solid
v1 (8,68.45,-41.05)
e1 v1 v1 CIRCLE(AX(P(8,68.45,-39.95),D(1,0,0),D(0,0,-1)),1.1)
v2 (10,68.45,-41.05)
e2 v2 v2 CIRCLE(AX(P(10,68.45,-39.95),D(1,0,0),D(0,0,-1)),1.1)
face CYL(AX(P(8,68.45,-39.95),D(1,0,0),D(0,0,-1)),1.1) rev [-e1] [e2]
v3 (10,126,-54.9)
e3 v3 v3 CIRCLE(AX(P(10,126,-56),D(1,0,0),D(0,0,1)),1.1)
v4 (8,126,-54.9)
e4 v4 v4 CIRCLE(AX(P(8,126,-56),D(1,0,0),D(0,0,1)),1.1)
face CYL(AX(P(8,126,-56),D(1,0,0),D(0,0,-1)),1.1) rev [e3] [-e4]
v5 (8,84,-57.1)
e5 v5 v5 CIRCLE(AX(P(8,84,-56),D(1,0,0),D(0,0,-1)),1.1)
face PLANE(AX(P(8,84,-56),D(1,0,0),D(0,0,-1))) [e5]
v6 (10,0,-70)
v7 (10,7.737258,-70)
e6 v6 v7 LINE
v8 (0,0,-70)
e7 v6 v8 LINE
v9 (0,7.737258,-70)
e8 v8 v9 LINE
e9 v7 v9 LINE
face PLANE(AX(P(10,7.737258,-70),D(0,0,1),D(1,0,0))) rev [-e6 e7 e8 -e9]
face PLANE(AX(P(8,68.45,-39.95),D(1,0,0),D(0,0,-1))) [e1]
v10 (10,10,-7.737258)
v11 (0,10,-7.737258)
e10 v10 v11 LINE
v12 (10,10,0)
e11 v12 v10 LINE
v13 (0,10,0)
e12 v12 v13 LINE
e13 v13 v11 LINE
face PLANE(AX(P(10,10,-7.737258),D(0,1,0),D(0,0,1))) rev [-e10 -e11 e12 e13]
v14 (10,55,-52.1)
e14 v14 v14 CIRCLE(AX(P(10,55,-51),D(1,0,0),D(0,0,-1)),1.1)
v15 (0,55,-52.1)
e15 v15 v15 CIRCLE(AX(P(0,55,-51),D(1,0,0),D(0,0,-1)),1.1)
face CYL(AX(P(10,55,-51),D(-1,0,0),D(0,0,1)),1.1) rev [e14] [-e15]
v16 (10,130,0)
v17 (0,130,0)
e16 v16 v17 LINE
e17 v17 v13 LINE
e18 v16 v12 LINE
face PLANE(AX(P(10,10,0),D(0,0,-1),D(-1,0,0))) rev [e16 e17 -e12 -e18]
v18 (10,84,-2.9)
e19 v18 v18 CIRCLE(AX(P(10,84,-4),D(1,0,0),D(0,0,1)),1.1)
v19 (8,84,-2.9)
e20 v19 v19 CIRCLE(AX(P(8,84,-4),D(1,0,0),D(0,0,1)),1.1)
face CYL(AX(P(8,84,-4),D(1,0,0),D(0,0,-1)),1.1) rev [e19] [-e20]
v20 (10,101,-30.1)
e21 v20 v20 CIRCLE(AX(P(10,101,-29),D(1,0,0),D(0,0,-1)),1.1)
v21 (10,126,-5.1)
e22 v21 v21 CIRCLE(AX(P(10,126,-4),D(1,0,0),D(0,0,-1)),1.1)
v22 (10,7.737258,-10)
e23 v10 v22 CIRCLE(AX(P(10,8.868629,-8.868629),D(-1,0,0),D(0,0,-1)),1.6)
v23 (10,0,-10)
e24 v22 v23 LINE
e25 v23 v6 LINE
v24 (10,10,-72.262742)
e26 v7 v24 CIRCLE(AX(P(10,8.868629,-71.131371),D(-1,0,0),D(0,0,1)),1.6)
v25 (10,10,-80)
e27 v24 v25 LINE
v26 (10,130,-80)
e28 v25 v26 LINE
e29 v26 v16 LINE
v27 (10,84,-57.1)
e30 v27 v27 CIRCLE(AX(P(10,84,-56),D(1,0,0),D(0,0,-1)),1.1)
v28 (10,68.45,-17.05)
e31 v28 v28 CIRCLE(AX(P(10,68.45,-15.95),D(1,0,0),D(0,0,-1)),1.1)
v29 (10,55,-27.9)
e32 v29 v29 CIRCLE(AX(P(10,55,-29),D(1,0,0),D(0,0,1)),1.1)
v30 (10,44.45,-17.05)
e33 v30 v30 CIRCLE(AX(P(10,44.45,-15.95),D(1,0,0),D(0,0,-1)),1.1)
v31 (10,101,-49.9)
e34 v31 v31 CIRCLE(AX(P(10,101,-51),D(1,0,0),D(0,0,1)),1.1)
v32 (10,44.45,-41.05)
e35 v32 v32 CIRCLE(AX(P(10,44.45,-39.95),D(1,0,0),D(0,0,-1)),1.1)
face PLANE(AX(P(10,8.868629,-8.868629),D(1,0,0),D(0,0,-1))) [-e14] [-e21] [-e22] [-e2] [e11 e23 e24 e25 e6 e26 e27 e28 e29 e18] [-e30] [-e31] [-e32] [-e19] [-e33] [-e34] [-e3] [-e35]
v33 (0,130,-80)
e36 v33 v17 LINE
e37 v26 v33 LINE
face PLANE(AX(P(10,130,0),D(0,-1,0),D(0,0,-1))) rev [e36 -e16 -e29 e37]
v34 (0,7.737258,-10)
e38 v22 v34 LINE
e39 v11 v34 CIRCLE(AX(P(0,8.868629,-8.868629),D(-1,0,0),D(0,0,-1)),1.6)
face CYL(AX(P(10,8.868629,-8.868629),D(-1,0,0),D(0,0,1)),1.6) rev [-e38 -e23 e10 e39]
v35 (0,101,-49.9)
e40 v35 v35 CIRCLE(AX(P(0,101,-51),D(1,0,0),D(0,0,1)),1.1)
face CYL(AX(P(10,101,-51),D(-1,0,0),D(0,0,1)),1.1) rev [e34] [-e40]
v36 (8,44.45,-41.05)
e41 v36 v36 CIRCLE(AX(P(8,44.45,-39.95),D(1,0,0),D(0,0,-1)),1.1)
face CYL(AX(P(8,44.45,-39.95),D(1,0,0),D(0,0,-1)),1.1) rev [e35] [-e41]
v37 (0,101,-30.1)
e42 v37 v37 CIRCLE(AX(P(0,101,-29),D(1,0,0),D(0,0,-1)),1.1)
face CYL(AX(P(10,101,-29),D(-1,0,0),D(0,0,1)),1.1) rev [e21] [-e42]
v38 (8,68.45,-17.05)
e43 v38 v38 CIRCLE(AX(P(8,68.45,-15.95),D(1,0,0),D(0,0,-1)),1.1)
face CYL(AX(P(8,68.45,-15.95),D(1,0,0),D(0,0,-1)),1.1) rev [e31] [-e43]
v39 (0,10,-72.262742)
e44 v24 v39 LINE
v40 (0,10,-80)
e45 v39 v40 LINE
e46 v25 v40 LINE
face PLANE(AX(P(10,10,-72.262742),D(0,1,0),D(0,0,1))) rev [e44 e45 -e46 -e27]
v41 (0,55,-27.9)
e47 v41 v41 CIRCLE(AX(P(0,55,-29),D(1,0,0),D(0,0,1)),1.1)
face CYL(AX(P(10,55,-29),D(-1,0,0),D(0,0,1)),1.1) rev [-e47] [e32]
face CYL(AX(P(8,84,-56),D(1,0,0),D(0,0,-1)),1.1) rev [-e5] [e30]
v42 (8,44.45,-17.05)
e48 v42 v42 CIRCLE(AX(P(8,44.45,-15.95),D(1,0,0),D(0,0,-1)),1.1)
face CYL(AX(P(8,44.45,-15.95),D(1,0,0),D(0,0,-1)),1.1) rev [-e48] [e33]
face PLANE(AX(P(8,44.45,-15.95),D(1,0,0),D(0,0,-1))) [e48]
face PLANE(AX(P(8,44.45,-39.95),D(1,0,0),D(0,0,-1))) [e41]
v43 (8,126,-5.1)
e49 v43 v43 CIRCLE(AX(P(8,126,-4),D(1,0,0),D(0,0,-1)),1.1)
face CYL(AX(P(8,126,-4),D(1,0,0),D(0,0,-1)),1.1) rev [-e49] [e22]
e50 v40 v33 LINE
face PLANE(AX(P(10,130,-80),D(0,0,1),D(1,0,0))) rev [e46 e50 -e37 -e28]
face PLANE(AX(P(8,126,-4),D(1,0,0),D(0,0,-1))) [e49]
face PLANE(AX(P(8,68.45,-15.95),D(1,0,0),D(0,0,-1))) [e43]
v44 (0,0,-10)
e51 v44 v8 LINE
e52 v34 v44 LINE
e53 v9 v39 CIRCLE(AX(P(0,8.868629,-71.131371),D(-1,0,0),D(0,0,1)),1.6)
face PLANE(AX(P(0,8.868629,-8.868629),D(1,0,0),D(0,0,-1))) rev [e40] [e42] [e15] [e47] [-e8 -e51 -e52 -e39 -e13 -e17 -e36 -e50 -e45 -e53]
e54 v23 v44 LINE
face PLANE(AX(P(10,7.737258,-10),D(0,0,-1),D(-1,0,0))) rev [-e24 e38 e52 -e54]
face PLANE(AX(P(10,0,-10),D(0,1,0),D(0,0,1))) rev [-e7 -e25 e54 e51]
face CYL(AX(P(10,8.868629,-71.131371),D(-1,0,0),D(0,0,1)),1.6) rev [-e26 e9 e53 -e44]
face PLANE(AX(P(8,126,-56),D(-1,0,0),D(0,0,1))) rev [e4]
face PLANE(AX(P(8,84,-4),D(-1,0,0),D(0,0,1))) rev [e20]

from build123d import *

# Parameters (mm, degrees)
ESQUISSE1_R             = 1.1
EXTRUSION1_DEPTH        = 10
ESQUISSE2_R             = 1.1
ENL_V_MAT_EXTRU_1_DEPTH = 2


with BuildPart() as part:
    # Esquisse1 → Extrusion1 (new body)
    with BuildSketch(Plane(origin=(0, 0, 0), x_dir=(0, 0, -1), z_dir=(1, 0, 0))):
        with BuildLine():
            Line((10, 7.7372583), (10, 0))
            Line((10, 0), (70, 0))
            Line((70, 0), (70, 7.7372583))
            ThreePointArc((70, 7.7372583), (70, 10), (72.2627417, 10))
            Line((72.2627417, 10), (80, 10))
            Line((80, 10), (80, 130))
            Line((80, 130), (0, 130))
            Line((0, 130), (0, 10))
            Line((0, 10), (7.7372583, 10))
            ThreePointArc((7.7372583, 10), (10, 10), (10, 7.7372583))
        make_face()
        with Locations((29, 101)):
            Circle(ESQUISSE1_R, mode=Mode.SUBTRACT)
        with Locations(Location((51, 101, 0), (0, 0, 180))):  # turned: the seam where the file's is
            Circle(ESQUISSE1_R, mode=Mode.SUBTRACT)
        with Locations(Location((29, 55, 0), (0, 0, 180))):  # turned: the seam where the file's is
            Circle(ESQUISSE1_R, mode=Mode.SUBTRACT)
        with Locations((51, 55)):
            Circle(ESQUISSE1_R, mode=Mode.SUBTRACT)
    extrude(amount=EXTRUSION1_DEPTH)

    # Esquisse2 → Enlèv. mat.-Extru.1 (cut)
    with BuildSketch(Plane(origin=(10, 0, 0), x_dir=(0, 0, -1), z_dir=(1, 0, 0))):
        with Locations((4, 126)):
            Circle(ESQUISSE2_R)
        with Locations(Location((56, 126, 0), (0, 0, 180))):  # turned: the seam where the file's is
            Circle(ESQUISSE2_R)
        with Locations(Location((4, 84, 0), (0, 0, 180))):  # turned: the seam where the file's is
            Circle(ESQUISSE2_R)
        with Locations((56, 84)):
            Circle(ESQUISSE2_R)
        with Locations((15.95, 68.45)):
            Circle(ESQUISSE2_R)
        with Locations((15.95, 44.45)):
            Circle(ESQUISSE2_R)
        with Locations((39.95, 44.45)):
            Circle(ESQUISSE2_R)
        with Locations((39.95, 68.45)):
            Circle(ESQUISSE2_R)
    extrude(amount=-ENL_V_MAT_EXTRU_1_DEPTH, mode=Mode.SUBTRACT)


solid = part.part
